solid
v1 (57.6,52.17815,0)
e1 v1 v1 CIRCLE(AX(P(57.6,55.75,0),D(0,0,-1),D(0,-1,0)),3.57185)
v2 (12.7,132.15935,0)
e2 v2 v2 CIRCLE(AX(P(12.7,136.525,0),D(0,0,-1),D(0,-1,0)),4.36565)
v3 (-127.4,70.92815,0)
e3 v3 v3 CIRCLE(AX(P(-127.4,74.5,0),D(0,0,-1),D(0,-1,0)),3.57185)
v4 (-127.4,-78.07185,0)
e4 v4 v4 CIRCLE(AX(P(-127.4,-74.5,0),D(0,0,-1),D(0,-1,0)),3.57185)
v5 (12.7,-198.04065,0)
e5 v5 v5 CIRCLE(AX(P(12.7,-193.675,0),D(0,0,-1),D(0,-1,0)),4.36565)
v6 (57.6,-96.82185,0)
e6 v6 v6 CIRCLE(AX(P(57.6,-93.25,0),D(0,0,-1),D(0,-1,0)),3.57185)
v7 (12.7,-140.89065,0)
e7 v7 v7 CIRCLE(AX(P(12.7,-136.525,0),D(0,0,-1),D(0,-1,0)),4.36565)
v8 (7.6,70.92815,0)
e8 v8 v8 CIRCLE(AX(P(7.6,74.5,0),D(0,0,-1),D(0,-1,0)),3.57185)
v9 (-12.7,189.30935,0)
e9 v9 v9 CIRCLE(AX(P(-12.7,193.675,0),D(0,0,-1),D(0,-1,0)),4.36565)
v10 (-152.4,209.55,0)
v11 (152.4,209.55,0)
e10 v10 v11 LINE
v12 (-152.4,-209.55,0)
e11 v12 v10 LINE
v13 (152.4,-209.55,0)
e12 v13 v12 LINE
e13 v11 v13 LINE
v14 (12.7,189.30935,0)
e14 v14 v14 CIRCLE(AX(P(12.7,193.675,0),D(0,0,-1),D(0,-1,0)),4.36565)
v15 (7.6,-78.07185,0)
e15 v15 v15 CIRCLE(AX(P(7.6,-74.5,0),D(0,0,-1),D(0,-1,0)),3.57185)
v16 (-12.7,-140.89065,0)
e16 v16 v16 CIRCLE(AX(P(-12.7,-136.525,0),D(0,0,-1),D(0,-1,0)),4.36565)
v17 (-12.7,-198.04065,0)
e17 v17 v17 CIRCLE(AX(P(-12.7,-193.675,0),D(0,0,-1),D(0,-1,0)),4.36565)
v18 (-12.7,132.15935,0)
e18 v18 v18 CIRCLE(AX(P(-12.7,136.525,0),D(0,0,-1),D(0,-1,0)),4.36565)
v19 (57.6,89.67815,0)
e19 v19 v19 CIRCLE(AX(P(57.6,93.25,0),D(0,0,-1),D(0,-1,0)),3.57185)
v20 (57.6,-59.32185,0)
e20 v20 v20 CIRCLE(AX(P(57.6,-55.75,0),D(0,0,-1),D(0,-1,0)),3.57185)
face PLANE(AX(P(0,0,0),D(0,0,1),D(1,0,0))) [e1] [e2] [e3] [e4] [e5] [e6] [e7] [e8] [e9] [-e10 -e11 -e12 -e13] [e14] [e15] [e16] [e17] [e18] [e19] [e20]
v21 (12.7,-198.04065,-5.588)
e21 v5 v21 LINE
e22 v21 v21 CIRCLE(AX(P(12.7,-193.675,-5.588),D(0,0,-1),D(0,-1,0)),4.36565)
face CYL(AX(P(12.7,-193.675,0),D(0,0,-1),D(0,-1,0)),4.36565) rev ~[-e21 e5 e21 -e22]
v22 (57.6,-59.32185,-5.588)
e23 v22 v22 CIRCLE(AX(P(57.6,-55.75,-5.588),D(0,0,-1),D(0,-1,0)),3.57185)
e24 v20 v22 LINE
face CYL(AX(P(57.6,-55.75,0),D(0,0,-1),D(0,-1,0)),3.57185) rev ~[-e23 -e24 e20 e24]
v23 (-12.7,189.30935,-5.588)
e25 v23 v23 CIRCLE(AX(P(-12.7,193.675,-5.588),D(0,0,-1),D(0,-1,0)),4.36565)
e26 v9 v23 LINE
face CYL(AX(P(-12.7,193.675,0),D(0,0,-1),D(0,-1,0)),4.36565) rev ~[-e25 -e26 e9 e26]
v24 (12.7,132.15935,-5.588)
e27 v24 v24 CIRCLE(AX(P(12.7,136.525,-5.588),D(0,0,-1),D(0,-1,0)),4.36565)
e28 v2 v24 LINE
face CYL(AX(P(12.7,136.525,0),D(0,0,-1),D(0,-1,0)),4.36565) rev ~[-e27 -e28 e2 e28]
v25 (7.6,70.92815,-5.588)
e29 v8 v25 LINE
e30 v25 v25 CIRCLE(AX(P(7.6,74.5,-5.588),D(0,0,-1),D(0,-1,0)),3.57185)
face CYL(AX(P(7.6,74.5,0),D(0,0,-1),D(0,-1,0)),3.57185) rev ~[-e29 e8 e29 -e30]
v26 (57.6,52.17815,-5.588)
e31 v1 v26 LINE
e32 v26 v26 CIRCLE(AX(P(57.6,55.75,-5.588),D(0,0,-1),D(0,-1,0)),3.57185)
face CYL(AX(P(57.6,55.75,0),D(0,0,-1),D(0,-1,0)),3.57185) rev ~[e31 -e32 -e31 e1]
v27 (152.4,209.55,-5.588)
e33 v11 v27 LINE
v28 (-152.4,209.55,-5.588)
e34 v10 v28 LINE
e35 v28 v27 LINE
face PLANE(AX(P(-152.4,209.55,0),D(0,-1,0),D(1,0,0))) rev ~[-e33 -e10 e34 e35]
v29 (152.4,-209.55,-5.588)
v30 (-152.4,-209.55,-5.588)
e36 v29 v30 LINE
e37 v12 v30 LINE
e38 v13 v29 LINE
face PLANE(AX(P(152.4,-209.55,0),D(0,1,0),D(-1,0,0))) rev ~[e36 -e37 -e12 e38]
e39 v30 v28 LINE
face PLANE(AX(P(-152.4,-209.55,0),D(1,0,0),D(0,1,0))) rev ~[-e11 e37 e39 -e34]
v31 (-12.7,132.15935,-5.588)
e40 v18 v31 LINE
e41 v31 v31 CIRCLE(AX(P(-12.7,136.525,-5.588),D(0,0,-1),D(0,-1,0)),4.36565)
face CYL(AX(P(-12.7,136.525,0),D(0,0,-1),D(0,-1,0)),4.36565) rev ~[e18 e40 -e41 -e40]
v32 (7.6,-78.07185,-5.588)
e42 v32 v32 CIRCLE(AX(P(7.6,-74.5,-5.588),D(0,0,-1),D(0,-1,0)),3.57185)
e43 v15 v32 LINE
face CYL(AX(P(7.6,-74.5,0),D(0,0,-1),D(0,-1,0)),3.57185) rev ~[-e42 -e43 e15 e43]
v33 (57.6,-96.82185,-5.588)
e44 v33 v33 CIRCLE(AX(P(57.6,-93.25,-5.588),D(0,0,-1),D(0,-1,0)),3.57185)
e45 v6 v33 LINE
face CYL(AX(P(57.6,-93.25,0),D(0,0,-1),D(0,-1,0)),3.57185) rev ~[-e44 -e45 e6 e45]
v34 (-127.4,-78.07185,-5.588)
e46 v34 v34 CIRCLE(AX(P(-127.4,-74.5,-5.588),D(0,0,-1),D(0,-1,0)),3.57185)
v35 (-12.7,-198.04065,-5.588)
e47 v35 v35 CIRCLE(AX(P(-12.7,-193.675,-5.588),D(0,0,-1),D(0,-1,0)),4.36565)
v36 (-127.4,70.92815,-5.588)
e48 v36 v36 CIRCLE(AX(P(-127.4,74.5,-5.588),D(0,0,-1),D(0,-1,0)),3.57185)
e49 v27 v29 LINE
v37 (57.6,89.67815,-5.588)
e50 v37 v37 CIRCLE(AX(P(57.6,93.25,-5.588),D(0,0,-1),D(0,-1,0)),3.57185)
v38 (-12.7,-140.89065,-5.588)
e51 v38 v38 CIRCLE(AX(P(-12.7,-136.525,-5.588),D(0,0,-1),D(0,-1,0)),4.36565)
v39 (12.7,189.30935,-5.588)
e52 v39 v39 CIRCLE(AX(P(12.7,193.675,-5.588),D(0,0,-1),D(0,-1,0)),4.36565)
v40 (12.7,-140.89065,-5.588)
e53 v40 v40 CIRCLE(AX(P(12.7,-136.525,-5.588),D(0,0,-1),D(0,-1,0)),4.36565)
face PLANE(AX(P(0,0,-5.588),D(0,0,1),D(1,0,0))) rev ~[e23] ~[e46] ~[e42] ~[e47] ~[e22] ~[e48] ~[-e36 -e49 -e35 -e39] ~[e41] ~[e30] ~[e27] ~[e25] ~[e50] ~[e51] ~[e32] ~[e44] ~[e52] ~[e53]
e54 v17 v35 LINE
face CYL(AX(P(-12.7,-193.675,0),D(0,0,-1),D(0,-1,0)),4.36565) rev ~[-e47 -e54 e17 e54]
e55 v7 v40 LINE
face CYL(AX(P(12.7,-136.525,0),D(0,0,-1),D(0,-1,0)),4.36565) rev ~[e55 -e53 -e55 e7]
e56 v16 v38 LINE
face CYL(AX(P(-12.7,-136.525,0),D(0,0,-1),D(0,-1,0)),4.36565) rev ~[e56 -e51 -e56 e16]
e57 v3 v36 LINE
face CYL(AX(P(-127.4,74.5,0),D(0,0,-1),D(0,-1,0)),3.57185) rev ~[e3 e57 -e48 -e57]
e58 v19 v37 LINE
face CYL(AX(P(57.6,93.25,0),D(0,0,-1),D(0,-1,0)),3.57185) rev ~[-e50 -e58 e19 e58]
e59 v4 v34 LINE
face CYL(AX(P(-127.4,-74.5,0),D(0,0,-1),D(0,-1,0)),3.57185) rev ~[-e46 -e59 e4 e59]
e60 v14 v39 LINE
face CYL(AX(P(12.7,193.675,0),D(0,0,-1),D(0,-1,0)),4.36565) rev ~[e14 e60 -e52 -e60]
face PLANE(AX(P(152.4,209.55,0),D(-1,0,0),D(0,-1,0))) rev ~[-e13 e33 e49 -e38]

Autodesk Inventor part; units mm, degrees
ref_plane "YZ Plane" through (0, 0, 0) normal (1, 0, 0) x (0, 1, 0)
ref_plane "XZ Plane" through (0, 0, 0) normal (0, 1, 0) x (-1, 0, 0)
ref_plane "XY Plane" through (0, 0, 0) normal (0, 0, 1) x (1, 0, 0)
sketch "Sketch1" plane through (0, 0, 0) normal (0, 0, 1) x (1, 0, 0)
  line L0 (152.4, -209.55) -> (-152.4, -209.55)
  line L1 (-152.4, -209.55) -> (-152.4, 209.55)
  line L2 (-152.4, 209.55) -> (152.4, 209.55)
  line L3 (152.4, 209.55) -> (152.4, -209.55)
  line L4 (152.4, -209.55) -> (-152.4, 209.55) construction
  line L5 (-152.4, -209.55) -> (152.4, 209.55) construction
  line L6 (57.6, 93.25) -> (57.6, -93.25) construction
  point P0 (0, 0)
  point P1 (57.6, 55.75)
  point P2 (57.6, -55.75)
  point P3 (57.6, 0)
  point P4 (152.4, 0)
  dimension "d0" = 304.8
  dimension "d1" = 419.1
  dimension "d2" = 111.5
  dimension "d3" = 37.5
  dimension "d4" = 37.5
  dimension "d25" = 210
extrude "Extrusion1" add sketch "Sketch1" against normal blind 5.588
hole "Hole1" at (57.6, 55.75, 0) at (57.6, -55.75, 0) at (57.6, -93.25, 0) at (57.6, 93.25, 0) direction (0, 0, -1) diameter 7.1437 end through all
sketch "Sketch2" plane through (0, 0, 0) normal (0, 0, 1) x (1, 0, 0)
  line L0 (-127.4, 74.5) -> (7.6, 74.5) construction
  line L1 (-127.4, -74.5) -> (7.6, -74.5) construction
  circle A0 centre (57.6, 55.75) radius 3.5719 construction
  circle A1 centre (57.6, -55.75) radius 3.5719 projected
  circle A2 centre (57.6, 93.25) radius 3.5719 construction
  line L2 (57.6, 93.25) -> (57.6, 55.75) construction
  circle A3 centre (57.6, -93.25) radius 3.5719 construction
  line L3 (57.6, -93.25) -> (57.6, -55.75) construction
  point P0 (0, 0)
  point P1 (57.6, -74.5)
  point P2 (57.6, 74.5)
  dimension "d15" = 50
  dimension "d16" = 50
  dimension "d17" = 135
hole "Hole2" at (-127.4, 74.5, 0) at (7.6, 74.5, 0) at (7.6, -74.5, 0) at (-127.4, -74.5, 0) direction (0, 0, -1) diameter 7.1437 end through all
sketch "Sketch3" plane through (0, 0, 0) normal (0, 0, 1) x (1, 0, 0)
  line L0 (12.7, -193.675) -> (-12.7, -193.675) construction
  line L1 (-12.7, -193.675) -> (-12.7, -136.525) construction
  line L2 (-12.7, -136.525) -> (12.7, -136.525) construction
  line L3 (12.7, -136.525) -> (12.7, -193.675) construction
  line L4 (12.7, -193.675) -> (-12.7, -136.525) construction
  line L5 (-12.7, -193.675) -> (12.7, -136.525) construction
  line L6 (-12.7, 136.525) -> (12.7, 136.525) construction
  line L7 (12.7, 136.525) -> (12.7, 193.675) construction
  line L8 (12.7, 193.675) -> (-12.7, 193.675) construction
  line L9 (-12.7, 193.675) -> (-12.7, 136.525) construction
  line L10 (-12.7, 136.525) -> (12.7, 193.675) construction
  line L11 (12.7, 136.525) -> (-12.7, 193.675) construction
  line L12 (-23.8125, -202.4062) -> (23.8125, -202.4062) construction
  line L13 (23.8125, -202.4062) -> (23.8125, -127.7938) construction
  line L14 (23.8125, -127.7938) -> (-23.8125, -127.7938) construction
  line L15 (-23.8125, -127.7938) -> (-23.8125, -202.4062) construction
  line L16 (-23.8125, -202.4062) -> (23.8125, -127.7938) construction
  line L17 (23.8125, -202.4062) -> (-23.8125, -127.7938) construction
  line L18 (-23.8125, 127.7938) -> (23.8125, 127.7938) construction
  line L19 (23.8125, 127.7938) -> (23.8125, 202.4062) construction
  line L20 (23.8125, 202.4062) -> (-23.8125, 202.4062) construction
  line L21 (-23.8125, 202.4062) -> (-23.8125, 127.7938) construction
  line L22 (-23.8125, 127.7938) -> (23.8125, 202.4062) construction
  line L23 (23.8125, 127.7938) -> (-23.8125, 202.4062) construction
  line L24 (0, -165.1) -> (0, 165.1) construction
  line L25 (-152.4, -209.55) -> (152.4, -209.55) construction
  point P0 (0, 0)
  point P1 (0, 0)
  dimension "d26" = 25.4
  dimension "d27" = 57.15
  dimension "d28" = 25.4
  dimension "d29" = 57.15
  dimension "d30" = 47.625
  dimension "d31" = 74.6125
  dimension "d33" = 330.2
hole "Hole3" at (12.7, 193.675, 0) at (12.7, 136.525, 0) at (-12.7, 136.525, 0) at (-12.7, 193.675, 0) at (12.7, -136.525, 0) at (12.7, -193.675, 0) at (-12.7, -193.675, 0) at (-12.7, -136.525, 0) direction (0, 0, -1) diameter 8.7313 end through all
equation "\"d16\" = d15"
properties part number "Base Plate" material "Polycarbonate, Clear"
